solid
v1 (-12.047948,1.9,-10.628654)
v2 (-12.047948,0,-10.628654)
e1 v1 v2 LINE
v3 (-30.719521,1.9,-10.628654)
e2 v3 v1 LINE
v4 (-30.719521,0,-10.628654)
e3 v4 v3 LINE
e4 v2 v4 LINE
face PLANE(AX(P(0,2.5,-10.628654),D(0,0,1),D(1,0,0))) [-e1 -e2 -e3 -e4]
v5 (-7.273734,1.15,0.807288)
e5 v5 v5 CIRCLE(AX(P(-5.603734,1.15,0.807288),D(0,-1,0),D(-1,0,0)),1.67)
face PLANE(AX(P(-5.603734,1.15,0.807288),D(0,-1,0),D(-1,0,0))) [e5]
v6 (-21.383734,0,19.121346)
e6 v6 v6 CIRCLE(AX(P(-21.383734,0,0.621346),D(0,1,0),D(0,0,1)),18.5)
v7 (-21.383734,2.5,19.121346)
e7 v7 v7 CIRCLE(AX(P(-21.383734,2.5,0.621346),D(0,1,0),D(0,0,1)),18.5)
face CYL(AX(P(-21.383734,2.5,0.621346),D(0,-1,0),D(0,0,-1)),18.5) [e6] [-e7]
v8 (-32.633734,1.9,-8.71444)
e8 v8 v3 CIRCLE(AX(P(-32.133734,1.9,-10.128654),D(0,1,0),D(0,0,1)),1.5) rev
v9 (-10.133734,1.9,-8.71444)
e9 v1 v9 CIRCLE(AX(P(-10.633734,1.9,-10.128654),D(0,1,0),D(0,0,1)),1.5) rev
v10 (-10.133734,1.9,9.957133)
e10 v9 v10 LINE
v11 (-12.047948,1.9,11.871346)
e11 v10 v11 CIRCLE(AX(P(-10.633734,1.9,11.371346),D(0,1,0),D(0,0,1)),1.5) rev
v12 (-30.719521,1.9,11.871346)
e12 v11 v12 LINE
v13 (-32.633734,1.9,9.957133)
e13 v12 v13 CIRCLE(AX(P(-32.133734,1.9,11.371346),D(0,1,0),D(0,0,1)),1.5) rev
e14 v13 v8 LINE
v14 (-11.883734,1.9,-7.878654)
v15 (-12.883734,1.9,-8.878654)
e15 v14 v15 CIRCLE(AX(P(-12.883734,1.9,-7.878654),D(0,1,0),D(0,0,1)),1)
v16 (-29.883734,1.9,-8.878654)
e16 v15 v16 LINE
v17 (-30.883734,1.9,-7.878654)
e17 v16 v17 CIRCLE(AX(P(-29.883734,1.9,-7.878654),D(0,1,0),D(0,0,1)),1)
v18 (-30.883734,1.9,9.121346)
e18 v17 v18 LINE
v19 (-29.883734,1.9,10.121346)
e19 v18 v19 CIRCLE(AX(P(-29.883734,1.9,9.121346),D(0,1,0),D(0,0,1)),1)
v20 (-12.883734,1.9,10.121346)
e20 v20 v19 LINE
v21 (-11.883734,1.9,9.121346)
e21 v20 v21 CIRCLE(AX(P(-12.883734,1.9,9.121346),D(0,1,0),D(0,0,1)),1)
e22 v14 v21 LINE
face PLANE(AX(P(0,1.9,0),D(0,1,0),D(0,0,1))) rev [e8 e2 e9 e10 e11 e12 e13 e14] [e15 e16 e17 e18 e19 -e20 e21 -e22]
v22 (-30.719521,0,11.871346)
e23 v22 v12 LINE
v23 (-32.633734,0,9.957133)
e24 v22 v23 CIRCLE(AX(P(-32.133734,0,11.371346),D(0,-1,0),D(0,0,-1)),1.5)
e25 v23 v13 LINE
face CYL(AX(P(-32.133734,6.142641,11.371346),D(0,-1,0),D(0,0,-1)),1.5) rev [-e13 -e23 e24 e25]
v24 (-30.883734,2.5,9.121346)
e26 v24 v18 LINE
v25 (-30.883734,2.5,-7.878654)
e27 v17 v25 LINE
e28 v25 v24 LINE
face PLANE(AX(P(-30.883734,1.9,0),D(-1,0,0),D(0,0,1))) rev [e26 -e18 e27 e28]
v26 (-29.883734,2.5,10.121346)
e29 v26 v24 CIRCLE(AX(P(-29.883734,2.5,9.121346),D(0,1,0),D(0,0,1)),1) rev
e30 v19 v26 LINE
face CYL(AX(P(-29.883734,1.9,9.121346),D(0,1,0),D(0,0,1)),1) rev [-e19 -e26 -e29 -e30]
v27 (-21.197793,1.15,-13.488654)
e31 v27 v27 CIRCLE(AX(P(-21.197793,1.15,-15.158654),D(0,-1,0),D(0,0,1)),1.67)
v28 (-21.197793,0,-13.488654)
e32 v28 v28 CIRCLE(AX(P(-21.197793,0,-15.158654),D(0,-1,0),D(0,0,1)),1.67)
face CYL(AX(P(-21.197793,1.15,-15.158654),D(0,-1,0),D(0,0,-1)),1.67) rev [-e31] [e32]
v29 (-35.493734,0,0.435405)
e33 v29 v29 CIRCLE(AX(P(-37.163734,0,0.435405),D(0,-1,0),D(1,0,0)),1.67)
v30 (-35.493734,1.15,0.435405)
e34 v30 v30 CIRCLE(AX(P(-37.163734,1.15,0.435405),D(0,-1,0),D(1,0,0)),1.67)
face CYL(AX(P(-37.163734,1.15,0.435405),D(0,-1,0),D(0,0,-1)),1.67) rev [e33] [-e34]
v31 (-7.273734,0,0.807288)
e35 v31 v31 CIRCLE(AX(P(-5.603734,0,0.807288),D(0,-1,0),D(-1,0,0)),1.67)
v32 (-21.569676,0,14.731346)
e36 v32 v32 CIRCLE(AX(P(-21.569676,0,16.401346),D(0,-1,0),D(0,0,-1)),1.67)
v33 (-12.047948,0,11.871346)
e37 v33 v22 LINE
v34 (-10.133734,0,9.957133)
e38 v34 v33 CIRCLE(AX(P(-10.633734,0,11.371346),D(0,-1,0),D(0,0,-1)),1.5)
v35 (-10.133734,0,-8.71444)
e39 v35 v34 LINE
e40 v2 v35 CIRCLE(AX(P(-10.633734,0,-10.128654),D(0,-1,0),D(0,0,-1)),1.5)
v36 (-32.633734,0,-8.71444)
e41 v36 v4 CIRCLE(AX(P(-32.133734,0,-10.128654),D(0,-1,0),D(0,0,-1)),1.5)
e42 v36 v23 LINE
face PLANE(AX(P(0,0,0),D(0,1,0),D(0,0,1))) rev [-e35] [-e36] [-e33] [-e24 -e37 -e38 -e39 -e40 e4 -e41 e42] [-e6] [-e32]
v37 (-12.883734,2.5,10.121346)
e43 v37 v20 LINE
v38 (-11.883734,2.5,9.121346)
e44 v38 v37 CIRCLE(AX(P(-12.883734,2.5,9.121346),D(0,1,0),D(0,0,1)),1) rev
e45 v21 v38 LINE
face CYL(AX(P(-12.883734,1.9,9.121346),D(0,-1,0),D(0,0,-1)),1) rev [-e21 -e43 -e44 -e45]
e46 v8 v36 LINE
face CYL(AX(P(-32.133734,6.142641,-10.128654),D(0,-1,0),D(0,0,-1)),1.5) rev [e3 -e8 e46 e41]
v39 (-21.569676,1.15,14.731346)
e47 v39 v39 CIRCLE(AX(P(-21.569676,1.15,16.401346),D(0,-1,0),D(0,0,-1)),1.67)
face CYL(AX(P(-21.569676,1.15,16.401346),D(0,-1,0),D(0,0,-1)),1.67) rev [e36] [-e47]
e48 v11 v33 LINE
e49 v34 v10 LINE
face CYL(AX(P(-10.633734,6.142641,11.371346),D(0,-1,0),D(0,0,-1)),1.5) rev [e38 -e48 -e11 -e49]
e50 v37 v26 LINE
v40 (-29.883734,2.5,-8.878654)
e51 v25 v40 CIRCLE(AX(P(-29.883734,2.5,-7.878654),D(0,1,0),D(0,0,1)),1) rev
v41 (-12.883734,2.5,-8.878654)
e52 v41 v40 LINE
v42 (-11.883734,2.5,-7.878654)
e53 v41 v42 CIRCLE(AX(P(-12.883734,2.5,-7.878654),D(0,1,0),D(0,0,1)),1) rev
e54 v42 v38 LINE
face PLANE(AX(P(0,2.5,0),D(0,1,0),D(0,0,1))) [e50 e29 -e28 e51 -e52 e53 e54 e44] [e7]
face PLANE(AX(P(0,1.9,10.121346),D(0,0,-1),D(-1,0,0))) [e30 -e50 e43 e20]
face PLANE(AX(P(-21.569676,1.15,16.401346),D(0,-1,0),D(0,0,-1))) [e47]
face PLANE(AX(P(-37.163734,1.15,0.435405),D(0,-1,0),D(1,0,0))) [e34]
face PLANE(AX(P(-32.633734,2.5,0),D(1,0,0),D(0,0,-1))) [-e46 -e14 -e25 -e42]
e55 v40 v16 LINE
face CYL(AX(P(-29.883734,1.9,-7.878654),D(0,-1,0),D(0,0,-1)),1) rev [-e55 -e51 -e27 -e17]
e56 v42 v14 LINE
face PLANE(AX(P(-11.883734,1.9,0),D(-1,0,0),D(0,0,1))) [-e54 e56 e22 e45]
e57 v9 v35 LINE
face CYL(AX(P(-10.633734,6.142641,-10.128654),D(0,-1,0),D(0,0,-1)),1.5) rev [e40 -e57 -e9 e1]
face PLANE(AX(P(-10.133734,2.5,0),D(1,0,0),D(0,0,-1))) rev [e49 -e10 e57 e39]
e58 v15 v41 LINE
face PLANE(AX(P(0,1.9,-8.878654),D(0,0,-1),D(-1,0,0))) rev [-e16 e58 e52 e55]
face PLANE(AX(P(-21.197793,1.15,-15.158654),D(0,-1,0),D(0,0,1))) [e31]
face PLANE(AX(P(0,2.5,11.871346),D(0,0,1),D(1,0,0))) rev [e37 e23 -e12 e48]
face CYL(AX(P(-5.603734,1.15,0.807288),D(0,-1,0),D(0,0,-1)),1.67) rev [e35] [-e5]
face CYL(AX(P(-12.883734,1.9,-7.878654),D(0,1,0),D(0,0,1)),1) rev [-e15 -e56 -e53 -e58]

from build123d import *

# Parameters (mm, degrees)
SKETCH2_R           = 18.5
SKETCH2_W           = 22.5
SKETCH2_H           = 22.5
BOSS_EXTRUDE1_DEPTH = 2.5
SKETCH4_R           = 1.67
CUT_EXTRUDE1_DEPTH  = 1.15
CIRPATTERN1_COUNT   = 4
SKETCH5_W           = 22.5
SKETCH5_H           = 22.5
SKETCH5_W_2         = 19
SKETCH5_H_2         = 19
BOSS_EXTRUDE2_DEPTH = 0.6
FILLET1_R           = 1
SKETCH6_R           = 1.5
CUT_EXTRUDE2_DEPTH  = 1.9


with BuildPart() as part:
    # Sketch2 → Boss-Extrude1 (new body)
    with BuildSketch(Plane(origin=(0, 0, 0), x_dir=(1, 0, 0), z_dir=(0, 1, 0))):
        with Locations(Location((-21.383734207, -0.621346489, 0), (0, 0, 270))):
            Circle(SKETCH2_R)
        with Locations((-21.383734207, -0.621346489)):
            Rectangle(SKETCH2_W, SKETCH2_H, mode=Mode.SUBTRACT)
    extrude(amount=BOSS_EXTRUDE1_DEPTH)

    # Sketch4 → Cut-Extrude1 (cut)
    with BuildSketch(Plane.XZ):
        with Locations(Location((-21.569675845, 16.401346489, 0), (0, 0, 270))):
            Circle(SKETCH4_R)
    cut_extrude1 = extrude(amount=-CUT_EXTRUDE1_DEPTH, mode=Mode.SUBTRACT)

    # CirPattern1: Cut-Extrude1 ×4 about axis
    cirpattern1_axis = Axis((-21.383734207, 0, 0.621346489), (0, 1, 0))
    for i in range(1, CIRPATTERN1_COUNT):
        add(cut_extrude1.rotate(cirpattern1_axis, i * 360 / CIRPATTERN1_COUNT), mode=Mode.SUBTRACT)

    # Sketch5 → Boss-Extrude2 (add)
    with BuildSketch(Plane(origin=(0, 2.5, 0), x_dir=(1, 0, 0), z_dir=(0, 1, 0))):
        with Locations((-21.383734207, -0.621346489)):
            Rectangle(SKETCH5_W, SKETCH5_H)
        with Locations((-21.383734207, -0.621346489)):
            Rectangle(SKETCH5_W_2, SKETCH5_H_2, mode=Mode.SUBTRACT)
    extrude(amount=-BOSS_EXTRUDE2_DEPTH)

    # Fillet1
    fillet1_edges = [part.edges().sort_by_distance(p)[0] for p in [
        (-30.883734207, 2.2, -8.878653511),
        (-30.883734207, 2.2, 10.121346489),
        (-11.883734207, 2.2, 10.121346489),
        (-11.883734207, 2.2, -8.878653511),
    ]]
    fillet(fillet1_edges, radius=FILLET1_R)

    # Sketch6 → Cut-Extrude2 (cut)
    with BuildSketch(Plane(origin=(0, 0, 0), x_dir=(-1, 0, 0), z_dir=(0, -1, 0))):
        with Locations((32.133734207, -11.371346489)):
            Circle(SKETCH6_R)
        with Locations((10.633734207, -11.371346489)):
            Circle(SKETCH6_R)
        with Locations((10.633734207, 10.128653511)):
            Circle(SKETCH6_R)
        with Locations((32.133734207, 10.128653511)):
            Circle(SKETCH6_R)
    extrude(amount=-CUT_EXTRUDE2_DEPTH, mode=Mode.SUBTRACT)


solid = part.part
